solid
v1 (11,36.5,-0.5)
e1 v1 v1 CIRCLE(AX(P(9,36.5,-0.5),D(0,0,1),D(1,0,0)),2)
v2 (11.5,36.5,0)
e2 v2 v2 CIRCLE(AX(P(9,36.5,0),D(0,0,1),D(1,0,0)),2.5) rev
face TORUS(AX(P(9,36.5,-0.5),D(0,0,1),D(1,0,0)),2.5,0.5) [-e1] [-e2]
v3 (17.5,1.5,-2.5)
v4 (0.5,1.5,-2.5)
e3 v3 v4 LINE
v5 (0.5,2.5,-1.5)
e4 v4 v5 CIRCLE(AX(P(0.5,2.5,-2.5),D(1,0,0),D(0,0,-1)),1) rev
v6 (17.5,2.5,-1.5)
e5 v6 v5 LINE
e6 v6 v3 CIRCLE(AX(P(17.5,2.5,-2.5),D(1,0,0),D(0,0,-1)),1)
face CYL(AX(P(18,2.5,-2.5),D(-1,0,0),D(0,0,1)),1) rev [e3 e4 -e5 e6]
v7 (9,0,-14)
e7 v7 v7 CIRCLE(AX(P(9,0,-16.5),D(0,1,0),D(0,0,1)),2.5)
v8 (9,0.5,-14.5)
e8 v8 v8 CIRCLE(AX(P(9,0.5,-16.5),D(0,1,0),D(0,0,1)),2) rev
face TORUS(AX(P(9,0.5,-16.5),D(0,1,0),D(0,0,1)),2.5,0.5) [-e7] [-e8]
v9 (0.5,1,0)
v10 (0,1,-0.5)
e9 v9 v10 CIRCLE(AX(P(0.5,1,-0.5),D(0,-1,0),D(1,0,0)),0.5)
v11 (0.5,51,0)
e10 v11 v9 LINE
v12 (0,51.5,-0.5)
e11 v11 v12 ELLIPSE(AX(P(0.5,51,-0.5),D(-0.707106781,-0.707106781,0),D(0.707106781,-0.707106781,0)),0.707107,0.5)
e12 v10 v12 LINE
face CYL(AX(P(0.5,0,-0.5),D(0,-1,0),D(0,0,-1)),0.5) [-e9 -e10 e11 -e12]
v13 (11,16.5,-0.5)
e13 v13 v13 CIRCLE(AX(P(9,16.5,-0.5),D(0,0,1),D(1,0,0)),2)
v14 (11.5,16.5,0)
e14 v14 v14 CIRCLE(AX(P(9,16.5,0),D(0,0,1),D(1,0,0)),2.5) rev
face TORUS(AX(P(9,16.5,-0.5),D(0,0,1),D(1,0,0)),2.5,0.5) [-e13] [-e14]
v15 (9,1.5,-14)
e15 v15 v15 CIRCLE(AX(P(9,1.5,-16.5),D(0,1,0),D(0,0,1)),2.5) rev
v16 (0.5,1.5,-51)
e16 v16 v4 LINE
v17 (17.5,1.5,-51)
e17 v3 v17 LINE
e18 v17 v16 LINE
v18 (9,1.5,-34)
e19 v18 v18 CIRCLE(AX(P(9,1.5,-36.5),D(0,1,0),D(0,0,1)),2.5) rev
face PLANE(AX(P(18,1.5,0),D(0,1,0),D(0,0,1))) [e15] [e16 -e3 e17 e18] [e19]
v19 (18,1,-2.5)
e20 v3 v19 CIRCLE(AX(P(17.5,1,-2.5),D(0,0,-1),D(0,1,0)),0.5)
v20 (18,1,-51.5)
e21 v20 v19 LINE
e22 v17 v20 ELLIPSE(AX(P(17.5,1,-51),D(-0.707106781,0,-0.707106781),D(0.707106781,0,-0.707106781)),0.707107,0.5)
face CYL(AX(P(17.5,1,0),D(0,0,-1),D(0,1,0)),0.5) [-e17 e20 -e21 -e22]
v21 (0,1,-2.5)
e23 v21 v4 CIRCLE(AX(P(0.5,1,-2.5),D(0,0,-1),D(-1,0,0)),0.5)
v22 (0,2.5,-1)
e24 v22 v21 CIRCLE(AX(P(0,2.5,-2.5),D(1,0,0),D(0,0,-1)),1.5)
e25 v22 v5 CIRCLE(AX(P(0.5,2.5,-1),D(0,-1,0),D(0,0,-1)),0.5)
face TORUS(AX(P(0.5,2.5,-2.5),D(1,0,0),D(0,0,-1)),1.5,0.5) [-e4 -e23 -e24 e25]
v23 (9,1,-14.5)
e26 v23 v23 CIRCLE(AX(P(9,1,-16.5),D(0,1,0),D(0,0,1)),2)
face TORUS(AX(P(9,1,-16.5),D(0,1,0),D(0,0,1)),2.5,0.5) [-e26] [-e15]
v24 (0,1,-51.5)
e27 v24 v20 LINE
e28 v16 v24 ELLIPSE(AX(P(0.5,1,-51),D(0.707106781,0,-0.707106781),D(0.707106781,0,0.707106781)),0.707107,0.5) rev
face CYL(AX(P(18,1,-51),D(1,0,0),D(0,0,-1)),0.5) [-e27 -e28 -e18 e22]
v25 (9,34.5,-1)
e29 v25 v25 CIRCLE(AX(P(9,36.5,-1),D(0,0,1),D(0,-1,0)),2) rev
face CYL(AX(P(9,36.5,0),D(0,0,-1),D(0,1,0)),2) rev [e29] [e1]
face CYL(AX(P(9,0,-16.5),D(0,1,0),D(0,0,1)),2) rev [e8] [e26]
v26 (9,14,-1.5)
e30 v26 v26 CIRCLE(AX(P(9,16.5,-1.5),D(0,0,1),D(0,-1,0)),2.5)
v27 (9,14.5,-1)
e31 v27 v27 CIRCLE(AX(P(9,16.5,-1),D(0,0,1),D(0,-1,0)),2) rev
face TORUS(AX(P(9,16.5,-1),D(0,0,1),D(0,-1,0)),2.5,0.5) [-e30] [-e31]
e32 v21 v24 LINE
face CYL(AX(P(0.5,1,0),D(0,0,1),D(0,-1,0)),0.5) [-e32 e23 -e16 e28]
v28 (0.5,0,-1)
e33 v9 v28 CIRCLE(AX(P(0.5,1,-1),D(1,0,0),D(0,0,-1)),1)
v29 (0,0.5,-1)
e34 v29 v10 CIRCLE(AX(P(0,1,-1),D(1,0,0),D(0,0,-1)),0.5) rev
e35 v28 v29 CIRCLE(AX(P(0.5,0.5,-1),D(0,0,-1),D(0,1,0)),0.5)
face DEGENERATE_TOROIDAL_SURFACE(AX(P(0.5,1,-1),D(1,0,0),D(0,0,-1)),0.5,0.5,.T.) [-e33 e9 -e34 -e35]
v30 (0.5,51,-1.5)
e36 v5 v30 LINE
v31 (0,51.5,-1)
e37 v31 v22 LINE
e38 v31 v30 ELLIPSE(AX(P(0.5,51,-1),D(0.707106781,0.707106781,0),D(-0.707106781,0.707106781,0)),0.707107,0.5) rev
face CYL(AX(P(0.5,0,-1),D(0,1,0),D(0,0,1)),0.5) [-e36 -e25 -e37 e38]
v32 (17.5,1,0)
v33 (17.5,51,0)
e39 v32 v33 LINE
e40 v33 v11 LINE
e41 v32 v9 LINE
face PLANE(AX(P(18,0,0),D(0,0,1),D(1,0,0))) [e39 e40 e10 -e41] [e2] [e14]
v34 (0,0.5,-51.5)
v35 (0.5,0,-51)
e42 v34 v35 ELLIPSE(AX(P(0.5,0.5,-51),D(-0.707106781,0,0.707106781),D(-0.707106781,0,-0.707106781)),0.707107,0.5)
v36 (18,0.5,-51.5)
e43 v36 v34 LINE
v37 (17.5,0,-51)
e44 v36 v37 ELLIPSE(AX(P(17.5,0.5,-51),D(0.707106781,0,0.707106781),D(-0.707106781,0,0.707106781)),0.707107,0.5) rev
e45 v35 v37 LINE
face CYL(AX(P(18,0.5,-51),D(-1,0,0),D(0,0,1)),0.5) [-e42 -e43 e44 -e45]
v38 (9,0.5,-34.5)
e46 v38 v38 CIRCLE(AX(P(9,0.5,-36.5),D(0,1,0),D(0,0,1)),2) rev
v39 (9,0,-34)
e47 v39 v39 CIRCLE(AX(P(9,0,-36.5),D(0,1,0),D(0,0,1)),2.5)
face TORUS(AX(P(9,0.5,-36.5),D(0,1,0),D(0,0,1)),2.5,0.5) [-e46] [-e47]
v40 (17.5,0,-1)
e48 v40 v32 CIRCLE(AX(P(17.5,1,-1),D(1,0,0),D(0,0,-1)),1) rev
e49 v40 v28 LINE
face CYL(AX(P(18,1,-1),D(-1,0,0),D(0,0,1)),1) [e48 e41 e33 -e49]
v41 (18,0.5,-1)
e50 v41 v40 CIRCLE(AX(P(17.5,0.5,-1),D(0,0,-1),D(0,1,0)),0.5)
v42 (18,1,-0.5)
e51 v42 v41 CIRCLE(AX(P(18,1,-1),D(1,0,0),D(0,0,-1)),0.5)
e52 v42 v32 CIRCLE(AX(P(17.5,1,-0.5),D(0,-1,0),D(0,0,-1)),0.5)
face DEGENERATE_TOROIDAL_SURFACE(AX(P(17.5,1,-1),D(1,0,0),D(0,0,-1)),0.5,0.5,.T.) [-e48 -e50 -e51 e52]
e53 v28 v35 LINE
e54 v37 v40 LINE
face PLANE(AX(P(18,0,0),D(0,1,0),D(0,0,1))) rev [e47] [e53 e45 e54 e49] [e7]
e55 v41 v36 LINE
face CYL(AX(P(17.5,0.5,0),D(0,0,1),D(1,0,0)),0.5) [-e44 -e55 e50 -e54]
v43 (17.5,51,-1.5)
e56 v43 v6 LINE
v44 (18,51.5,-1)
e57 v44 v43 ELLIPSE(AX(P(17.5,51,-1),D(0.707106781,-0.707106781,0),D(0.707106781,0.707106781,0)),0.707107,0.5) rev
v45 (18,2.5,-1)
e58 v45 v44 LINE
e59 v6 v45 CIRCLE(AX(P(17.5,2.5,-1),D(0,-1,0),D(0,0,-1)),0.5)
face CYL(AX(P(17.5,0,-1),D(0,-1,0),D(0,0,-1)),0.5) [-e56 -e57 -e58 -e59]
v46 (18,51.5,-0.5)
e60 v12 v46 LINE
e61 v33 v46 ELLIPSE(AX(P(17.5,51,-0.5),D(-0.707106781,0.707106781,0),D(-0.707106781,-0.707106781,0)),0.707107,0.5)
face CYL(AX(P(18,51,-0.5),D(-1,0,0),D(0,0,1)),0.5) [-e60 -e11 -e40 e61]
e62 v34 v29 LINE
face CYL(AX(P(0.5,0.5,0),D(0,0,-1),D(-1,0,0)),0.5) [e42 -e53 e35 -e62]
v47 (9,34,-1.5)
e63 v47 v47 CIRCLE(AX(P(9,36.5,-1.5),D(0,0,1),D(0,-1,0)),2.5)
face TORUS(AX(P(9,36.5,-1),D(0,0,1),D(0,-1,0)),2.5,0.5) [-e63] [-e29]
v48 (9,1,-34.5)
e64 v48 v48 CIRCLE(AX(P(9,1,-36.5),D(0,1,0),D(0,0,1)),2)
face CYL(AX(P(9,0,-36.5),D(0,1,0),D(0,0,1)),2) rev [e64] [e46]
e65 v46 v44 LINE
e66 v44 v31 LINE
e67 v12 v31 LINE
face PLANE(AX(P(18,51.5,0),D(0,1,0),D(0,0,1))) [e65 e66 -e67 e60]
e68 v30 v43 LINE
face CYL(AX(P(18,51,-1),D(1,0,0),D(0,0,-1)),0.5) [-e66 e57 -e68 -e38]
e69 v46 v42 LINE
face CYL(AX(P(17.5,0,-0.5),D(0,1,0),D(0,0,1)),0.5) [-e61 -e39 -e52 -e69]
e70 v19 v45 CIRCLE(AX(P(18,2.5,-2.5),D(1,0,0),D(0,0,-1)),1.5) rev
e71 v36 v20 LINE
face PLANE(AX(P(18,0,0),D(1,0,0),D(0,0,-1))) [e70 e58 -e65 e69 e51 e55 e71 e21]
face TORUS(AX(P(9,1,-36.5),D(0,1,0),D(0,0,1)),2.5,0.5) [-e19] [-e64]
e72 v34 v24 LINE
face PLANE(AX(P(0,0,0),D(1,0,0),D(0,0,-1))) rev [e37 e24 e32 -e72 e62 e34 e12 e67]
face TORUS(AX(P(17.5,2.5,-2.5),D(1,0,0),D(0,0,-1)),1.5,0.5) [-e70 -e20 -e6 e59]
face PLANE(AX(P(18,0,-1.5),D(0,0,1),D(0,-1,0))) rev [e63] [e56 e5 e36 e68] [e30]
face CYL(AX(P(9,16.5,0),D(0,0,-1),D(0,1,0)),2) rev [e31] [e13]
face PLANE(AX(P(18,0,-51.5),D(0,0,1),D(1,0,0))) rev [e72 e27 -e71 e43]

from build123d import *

# Parameters (mm, degrees)
BOSS_EXTRUDE1_DEPTH = 18
SKETCH2_R           = 2
CUT_EXTRUDE1_DEPTH  = 2.5
SKETCH3_R           = 2
CUT_EXTRUDE2_DEPTH  = 2.5
FILLET1_R           = 0.5


with BuildPart() as part:
    # Sketch1 → Boss-Extrude1 (new body)
    with BuildSketch(Plane(origin=(0, 0, 0), x_dir=(0, 0, -1), z_dir=(1, 0, 0))):
        with BuildLine():
            ThreePointArc((0, 1), (0.292893219, 0.292893219), (1, 0))
            Line((1, 0), (1.5, 0))
            Line((1.5, 0), (51.5, 0))
            Line((51.5, 0), (51.5, 1.5))
            Line((51.5, 1.5), (2.5, 1.5))
            ThreePointArc((2.5, 1.5), (1.792893219, 1.792893219), (1.5, 2.5))
            Line((1.5, 2.5), (1.5, 51.5))
            Line((1.5, 51.5), (0, 51.5))
            Line((0, 51.5), (0, 1.5))
            Line((0, 1.5), (0, 1))
        make_face()
    extrude(amount=BOSS_EXTRUDE1_DEPTH)

    # Sketch2 → Cut-Extrude1 (cut, through all)
    with BuildSketch(Plane(origin=(0, 1.5, 0), x_dir=(1, 0, 0), z_dir=(0, 1, 0))):
        with Locations((9, 16.5)):
            Circle(SKETCH2_R)
        with Locations((9, 36.5)):
            Circle(SKETCH2_R)
    extrude(amount=-CUT_EXTRUDE1_DEPTH, mode=Mode.SUBTRACT)

    # Sketch3 → Cut-Extrude2 (cut, through all)
    with BuildSketch(Plane(origin=(0, 0, -1.5), x_dir=(-1, 0, 0), z_dir=(0, 0, -1))):
        with Locations((-9, 16.5)):
            Circle(SKETCH3_R)
        with Locations((-9, 36.5)):
            Circle(SKETCH3_R)
    extrude(amount=-CUT_EXTRUDE2_DEPTH, mode=Mode.SUBTRACT)

    # Fillet1
    fillet1_edges = [part.edges().sort_by_distance(p)[0] for p in [
        (0, 27, -1.5),
        (0, 1.792893219, -1.792893219),
        (0, 1.5, -27),
        (0, 0, -26.25),
        (0, 0.292893219, -0.292893219),
        (9, 51.5, 0),
        (9, 51.5, -1.5),
        (9, 1.5, -51.5),
        (9, 0, -51.5),
        (18, 1.5, -27),
        (18, 1.792893219, -1.792893219),
        (18, 27, -1.5),
        (7, 0, -16.5),
        (7, 1.5, -16.5),
        (7, 0, -36.5),
        (7, 1.5, -36.5),
        (18, 26.25, 0),
        (11, 16.5, 0),
        (11, 16.5, -1.5),
        (11, 36.5, 0),
        (11, 36.5, -1.5),
        (18, 0.292893219, -0.292893219),
        (18, 0, -26.25),
        (0, 26.25, 0),
    ]]
    fillet(fillet1_edges, radius=FILLET1_R)


solid = part.part
